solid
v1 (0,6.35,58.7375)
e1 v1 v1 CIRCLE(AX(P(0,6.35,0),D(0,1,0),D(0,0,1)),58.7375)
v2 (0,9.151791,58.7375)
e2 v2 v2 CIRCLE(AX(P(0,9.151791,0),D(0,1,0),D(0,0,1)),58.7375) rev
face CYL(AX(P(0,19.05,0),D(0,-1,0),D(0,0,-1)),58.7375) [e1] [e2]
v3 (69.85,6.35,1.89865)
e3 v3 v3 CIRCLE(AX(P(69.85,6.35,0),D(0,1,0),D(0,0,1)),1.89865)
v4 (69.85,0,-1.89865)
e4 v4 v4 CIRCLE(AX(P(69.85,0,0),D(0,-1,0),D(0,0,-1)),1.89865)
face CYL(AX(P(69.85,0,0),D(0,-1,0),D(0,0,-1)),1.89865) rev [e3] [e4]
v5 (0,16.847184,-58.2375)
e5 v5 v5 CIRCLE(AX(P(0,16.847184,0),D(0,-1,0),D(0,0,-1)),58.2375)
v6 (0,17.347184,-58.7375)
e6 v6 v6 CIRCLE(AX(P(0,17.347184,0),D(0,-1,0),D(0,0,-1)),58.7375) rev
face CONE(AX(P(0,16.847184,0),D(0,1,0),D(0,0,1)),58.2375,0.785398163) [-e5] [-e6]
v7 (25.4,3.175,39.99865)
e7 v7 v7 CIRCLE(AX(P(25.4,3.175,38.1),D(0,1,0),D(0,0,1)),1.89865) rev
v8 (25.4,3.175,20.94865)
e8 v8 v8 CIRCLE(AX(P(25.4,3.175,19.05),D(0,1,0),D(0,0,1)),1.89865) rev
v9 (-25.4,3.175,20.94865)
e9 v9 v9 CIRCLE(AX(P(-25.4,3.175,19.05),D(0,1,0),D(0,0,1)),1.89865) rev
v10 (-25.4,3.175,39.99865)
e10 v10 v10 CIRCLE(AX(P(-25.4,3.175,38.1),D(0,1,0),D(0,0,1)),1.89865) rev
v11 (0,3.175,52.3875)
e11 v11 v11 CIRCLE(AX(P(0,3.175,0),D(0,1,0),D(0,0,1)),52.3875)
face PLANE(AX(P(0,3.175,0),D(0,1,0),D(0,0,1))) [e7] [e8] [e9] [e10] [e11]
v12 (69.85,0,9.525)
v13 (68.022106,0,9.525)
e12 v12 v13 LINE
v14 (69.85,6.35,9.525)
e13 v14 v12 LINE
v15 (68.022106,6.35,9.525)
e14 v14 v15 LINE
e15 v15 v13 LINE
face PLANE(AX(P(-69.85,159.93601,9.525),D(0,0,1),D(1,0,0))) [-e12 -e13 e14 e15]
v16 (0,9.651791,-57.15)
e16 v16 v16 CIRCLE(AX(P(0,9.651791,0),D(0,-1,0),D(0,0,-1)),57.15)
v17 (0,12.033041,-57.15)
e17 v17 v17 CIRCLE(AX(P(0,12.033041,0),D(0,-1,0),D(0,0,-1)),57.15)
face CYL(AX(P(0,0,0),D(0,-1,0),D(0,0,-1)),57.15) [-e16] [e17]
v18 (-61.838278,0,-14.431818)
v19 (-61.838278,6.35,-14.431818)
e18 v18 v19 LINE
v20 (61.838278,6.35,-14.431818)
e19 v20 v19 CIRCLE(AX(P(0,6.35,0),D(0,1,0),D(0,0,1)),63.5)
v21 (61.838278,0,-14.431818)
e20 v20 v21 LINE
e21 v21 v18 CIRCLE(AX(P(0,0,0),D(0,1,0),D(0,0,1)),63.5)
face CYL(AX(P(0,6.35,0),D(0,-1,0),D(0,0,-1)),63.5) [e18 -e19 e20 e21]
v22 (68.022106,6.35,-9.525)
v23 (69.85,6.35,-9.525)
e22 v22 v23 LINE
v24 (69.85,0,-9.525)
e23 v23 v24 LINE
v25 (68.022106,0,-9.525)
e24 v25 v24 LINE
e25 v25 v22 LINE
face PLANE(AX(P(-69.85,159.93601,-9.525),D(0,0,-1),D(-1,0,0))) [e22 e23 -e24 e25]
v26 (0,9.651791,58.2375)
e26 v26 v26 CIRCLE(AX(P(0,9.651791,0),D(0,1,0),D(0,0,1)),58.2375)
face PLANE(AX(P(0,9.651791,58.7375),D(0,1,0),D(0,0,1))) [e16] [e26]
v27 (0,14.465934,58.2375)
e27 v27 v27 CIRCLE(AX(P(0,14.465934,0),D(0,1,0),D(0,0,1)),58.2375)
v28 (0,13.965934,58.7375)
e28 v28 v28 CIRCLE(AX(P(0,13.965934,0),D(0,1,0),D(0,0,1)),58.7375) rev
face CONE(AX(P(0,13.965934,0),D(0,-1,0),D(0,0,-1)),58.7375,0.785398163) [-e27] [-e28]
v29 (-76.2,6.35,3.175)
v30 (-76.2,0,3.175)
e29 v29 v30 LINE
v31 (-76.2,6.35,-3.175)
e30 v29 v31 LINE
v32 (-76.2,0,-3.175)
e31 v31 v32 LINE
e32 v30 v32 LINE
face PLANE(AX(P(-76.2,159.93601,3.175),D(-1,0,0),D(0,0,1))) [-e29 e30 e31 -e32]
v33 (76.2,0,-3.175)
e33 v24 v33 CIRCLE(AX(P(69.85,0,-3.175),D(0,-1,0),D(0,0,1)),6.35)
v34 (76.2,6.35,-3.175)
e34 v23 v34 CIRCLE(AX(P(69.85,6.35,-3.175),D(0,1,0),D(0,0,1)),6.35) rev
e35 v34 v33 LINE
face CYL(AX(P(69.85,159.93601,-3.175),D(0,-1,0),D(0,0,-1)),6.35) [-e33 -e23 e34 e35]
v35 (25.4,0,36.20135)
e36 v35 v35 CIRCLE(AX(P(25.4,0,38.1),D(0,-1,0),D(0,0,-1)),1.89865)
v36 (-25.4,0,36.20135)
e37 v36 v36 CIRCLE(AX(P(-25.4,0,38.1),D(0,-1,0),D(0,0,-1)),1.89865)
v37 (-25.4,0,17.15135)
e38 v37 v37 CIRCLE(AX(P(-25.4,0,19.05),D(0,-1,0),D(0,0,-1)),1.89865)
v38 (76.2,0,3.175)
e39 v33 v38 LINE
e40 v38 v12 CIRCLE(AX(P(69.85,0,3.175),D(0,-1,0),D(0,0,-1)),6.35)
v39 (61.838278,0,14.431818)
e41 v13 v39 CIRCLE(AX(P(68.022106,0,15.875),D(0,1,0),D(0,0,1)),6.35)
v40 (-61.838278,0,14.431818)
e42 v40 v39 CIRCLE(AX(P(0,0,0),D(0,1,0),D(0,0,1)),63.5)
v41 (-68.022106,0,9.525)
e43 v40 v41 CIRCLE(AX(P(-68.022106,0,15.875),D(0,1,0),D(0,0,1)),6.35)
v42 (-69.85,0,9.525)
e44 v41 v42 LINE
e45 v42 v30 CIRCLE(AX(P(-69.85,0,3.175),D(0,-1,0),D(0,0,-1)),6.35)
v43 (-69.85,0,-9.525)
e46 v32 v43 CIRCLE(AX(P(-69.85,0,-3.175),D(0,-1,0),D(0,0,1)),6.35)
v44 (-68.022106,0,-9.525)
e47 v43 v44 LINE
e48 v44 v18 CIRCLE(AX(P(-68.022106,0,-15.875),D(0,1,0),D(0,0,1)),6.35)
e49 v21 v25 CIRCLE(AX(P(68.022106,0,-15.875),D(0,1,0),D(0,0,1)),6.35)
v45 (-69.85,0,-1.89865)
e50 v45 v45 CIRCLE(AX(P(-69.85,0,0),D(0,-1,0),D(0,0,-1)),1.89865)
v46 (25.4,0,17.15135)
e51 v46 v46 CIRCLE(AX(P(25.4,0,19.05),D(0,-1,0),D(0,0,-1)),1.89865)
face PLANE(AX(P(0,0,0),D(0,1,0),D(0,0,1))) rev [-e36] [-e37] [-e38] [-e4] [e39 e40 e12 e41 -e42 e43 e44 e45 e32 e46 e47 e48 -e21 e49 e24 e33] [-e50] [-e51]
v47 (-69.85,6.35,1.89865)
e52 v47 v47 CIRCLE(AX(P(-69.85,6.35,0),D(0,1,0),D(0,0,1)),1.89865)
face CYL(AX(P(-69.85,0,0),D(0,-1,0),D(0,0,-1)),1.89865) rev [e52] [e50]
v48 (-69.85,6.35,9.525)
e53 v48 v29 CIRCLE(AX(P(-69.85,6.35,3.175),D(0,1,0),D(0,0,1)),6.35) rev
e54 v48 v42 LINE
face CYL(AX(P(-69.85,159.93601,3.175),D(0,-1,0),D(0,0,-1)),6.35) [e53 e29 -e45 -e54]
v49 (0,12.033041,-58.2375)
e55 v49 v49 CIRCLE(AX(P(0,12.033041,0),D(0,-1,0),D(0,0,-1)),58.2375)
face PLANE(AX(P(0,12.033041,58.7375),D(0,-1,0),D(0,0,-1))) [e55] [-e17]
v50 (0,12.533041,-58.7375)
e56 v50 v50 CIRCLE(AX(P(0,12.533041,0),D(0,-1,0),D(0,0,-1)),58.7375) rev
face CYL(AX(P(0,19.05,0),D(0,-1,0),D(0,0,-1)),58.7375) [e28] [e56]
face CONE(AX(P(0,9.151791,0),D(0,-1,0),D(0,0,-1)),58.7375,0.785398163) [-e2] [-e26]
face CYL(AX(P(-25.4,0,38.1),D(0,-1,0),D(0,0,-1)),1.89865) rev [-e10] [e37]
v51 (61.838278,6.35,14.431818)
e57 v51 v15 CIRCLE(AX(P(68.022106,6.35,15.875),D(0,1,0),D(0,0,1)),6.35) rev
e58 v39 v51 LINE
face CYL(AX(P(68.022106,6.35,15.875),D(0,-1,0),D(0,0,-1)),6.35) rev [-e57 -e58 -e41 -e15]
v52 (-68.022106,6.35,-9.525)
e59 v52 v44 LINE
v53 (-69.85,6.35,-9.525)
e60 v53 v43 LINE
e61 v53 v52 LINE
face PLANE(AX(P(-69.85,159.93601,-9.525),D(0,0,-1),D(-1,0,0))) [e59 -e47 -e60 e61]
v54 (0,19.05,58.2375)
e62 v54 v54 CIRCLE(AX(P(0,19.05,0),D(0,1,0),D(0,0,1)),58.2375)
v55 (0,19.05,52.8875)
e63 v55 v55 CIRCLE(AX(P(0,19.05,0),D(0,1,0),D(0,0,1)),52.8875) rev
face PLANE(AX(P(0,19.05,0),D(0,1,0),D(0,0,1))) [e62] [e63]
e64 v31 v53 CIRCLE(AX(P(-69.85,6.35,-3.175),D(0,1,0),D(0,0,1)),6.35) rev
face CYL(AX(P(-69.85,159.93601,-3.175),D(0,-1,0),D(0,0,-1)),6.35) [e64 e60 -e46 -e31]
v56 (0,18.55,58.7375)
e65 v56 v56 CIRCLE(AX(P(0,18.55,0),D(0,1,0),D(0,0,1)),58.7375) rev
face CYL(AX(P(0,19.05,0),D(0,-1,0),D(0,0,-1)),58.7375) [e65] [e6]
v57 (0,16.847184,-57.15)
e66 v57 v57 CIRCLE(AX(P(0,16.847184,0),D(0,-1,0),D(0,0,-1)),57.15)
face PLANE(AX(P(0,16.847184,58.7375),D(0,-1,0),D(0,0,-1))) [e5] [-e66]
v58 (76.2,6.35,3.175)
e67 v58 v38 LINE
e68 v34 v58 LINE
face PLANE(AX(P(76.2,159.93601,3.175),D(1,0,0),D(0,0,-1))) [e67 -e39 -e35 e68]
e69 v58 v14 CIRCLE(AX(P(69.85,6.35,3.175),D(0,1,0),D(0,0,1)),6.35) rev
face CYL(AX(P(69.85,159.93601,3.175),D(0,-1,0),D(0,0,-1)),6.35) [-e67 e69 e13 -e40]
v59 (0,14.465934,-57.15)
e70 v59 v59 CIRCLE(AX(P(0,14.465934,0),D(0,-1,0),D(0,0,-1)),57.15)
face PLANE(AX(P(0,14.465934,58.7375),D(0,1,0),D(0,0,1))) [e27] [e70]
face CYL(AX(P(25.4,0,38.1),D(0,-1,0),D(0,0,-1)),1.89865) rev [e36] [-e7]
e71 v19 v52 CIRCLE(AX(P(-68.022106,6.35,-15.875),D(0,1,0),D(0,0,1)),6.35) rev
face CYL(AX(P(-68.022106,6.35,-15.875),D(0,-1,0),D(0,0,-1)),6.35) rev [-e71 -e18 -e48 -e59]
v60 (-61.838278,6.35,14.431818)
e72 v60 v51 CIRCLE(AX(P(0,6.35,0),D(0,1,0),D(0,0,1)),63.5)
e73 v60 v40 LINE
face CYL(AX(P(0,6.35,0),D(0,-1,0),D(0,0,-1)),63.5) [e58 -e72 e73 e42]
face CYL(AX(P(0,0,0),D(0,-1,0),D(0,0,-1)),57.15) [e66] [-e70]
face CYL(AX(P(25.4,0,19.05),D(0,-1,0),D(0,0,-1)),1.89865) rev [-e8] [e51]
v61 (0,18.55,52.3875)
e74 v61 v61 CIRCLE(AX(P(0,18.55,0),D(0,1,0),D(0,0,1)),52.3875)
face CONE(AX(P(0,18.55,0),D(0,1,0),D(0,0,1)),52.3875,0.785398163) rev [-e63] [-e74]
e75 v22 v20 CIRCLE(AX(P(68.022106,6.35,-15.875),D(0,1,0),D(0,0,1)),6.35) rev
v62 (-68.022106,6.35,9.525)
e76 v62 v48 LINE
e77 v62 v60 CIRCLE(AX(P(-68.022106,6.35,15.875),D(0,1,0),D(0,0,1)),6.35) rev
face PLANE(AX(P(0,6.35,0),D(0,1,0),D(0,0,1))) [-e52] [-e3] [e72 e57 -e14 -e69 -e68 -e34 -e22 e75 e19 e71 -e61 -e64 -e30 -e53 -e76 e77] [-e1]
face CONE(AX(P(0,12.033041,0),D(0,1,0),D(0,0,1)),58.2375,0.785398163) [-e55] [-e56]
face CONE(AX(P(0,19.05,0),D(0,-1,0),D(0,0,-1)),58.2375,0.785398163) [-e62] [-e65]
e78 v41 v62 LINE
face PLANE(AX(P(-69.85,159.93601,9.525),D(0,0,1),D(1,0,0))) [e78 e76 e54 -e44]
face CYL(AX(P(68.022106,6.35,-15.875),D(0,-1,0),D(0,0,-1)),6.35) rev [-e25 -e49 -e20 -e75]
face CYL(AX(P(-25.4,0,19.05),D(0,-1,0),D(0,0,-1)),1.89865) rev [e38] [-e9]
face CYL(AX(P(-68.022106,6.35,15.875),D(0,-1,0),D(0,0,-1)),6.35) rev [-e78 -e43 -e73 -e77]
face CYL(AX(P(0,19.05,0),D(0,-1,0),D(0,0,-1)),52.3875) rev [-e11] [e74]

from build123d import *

# Parameters (mm, degrees)
SKETCH1_R                 = 63.5
EXTRUDE1_DEPTH            = 6.35
SKETCH2_R                 = 58.7375
SKETCH2_R_2               = 52.3875
EXTRUDE2_DEPTH            = 12.7
SKETCH3_W                 = 1.5875
SKETCH3_H                 = 2.38125
CHAMFER1_SIZE             = 0.5
EXTRUDE3_DEPTH            = 6.35
F_6_CLEARANCE_HOLE1_D     = 3.7973
F_6_CLEARANCE_HOLE1_DEPTH = 330.2
F_6_CLEARANCE_HOLE1_TIP   = 1.140824014
FILLET1_R                 = 6.35
F_6_CLEARANCE_HOLE2_D     = 3.7973
F_6_CLEARANCE_HOLE2_DEPTH = 25.4
F_6_CLEARANCE_HOLE2_TIP   = 1.140824014
SKETCH8_R                 = 52.3875
CUT_EXTRUDE1_DEPTH        = 3.175


with BuildPart() as part:
    # Sketch1 → Extrude1 (new body)
    with BuildSketch(Plane(origin=(0, 0, 0), x_dir=(1, 0, 0), z_dir=(0, 1, 0))):
        Circle(SKETCH1_R)
    extrude(amount=EXTRUDE1_DEPTH)

    # Sketch2 → Extrude2 (add)
    with BuildSketch(Plane(origin=(0, 6.35, 0), x_dir=(-1, 0, 0), z_dir=(0, 1, 0))):
        Circle(SKETCH2_R)
        Circle(SKETCH2_R_2, mode=Mode.SUBTRACT)
    extrude(amount=EXTRUDE2_DEPTH)

    # Sketch3 → Cut-Revolve1 (revolve, cut)
    with BuildSketch(Plane(origin=(0, 0, 0), x_dir=(0, 0, -1), z_dir=(1, 0, 0))):
        with Locations((-57.94375, 15.656558664)):
            Rectangle(SKETCH3_W, SKETCH3_H)
        with Locations((-57.94375, 10.842416167)):
            Rectangle(SKETCH3_W, SKETCH3_H)
    revolve(axis=Axis((0, 0, 0), (0, 1, 0)), mode=Mode.SUBTRACT)

    # Chamfer1
    chamfer1_edges = [part.edges().sort_by_distance(p)[0] for p in [
        (58.7375, 16.847183664, 0),
        (58.7375, 14.465933664, 0),
        (58.7375, 12.033041167, 0),
        (58.7375, 9.651791167, 0),
        (58.7375, 19.05, 0),
        (52.3875, 19.05, 0),
    ]]
    chamfer(chamfer1_edges, length=CHAMFER1_SIZE)

    # Sketch5 → Extrude3 (add)
    with BuildSketch(Plane.XZ):
        with BuildLine():
            Line((-69.85, 9.525), (69.85, 9.525))
            ThreePointArc((69.85, 9.525), (74.340128061, 7.665128061), (76.2, 3.175))
            Line((76.2, 3.175), (76.2, -3.175))
            ThreePointArc((76.2, -3.175), (74.340128061, -7.665128061), (69.85, -9.525))
            Line((69.85, -9.525), (-69.85, -9.525))
            ThreePointArc((-69.85, -9.525), (-74.340128061, -7.665128061), (-76.2, -3.175))
            Line((-76.2, -3.175), (-76.2, 3.175))
            ThreePointArc((-76.2, 3.175), (-74.340128061, 7.665128061), (-69.85, 9.525))
        make_face()
    extrude(amount=-EXTRUDE3_DEPTH)

    # #6 Clearance Hole1
    with Locations(Plane(origin=(-69.85, 0, 0), x_dir=(0, 0, -1), z_dir=(0, -1, 0))):
        with Locations((0, 0), (0, 139.7)):
            Hole(F_6_CLEARANCE_HOLE1_D / 2, depth=F_6_CLEARANCE_HOLE1_DEPTH)
            with Locations((0, 0, -(F_6_CLEARANCE_HOLE1_DEPTH + F_6_CLEARANCE_HOLE1_TIP / 2))):  # 118° drill point
                Cone(0, F_6_CLEARANCE_HOLE1_D / 2, F_6_CLEARANCE_HOLE1_TIP, mode=Mode.SUBTRACT)

    # Fillet1
    fillet1_edges = [part.edges().sort_by_distance(p)[0] for p in [
        (62.781560788, 3.175, -9.525),
        (-62.781560788, 3.175, -9.525),
        (-62.781560788, 3.175, 9.525),
        (62.781560788, 3.175, 9.525),
    ]]
    fillet(fillet1_edges, radius=FILLET1_R)

    # #6 Clearance Hole2
    with Locations(Plane(origin=(25.4, 0, 19.05), x_dir=(0, 0, -1), z_dir=(0, -1, 0))):
        with Locations((0, 0), (-19.05, 0), (-19.05, -50.8), (0, -50.8)):
            Hole(F_6_CLEARANCE_HOLE2_D / 2, depth=F_6_CLEARANCE_HOLE2_DEPTH)
            with Locations((0, 0, -(F_6_CLEARANCE_HOLE2_DEPTH + F_6_CLEARANCE_HOLE2_TIP / 2))):  # 118° drill point
                Cone(0, F_6_CLEARANCE_HOLE2_D / 2, F_6_CLEARANCE_HOLE2_TIP, mode=Mode.SUBTRACT)

    # Sketch8 → Cut-Extrude1 (cut)
    with BuildSketch(Plane(origin=(0, 6.35, 0), x_dir=(-1, 0, 0), z_dir=(0, 1, 0))):
        Circle(SKETCH8_R)
    extrude(amount=-CUT_EXTRUDE1_DEPTH, mode=Mode.SUBTRACT)


solid = part.part
